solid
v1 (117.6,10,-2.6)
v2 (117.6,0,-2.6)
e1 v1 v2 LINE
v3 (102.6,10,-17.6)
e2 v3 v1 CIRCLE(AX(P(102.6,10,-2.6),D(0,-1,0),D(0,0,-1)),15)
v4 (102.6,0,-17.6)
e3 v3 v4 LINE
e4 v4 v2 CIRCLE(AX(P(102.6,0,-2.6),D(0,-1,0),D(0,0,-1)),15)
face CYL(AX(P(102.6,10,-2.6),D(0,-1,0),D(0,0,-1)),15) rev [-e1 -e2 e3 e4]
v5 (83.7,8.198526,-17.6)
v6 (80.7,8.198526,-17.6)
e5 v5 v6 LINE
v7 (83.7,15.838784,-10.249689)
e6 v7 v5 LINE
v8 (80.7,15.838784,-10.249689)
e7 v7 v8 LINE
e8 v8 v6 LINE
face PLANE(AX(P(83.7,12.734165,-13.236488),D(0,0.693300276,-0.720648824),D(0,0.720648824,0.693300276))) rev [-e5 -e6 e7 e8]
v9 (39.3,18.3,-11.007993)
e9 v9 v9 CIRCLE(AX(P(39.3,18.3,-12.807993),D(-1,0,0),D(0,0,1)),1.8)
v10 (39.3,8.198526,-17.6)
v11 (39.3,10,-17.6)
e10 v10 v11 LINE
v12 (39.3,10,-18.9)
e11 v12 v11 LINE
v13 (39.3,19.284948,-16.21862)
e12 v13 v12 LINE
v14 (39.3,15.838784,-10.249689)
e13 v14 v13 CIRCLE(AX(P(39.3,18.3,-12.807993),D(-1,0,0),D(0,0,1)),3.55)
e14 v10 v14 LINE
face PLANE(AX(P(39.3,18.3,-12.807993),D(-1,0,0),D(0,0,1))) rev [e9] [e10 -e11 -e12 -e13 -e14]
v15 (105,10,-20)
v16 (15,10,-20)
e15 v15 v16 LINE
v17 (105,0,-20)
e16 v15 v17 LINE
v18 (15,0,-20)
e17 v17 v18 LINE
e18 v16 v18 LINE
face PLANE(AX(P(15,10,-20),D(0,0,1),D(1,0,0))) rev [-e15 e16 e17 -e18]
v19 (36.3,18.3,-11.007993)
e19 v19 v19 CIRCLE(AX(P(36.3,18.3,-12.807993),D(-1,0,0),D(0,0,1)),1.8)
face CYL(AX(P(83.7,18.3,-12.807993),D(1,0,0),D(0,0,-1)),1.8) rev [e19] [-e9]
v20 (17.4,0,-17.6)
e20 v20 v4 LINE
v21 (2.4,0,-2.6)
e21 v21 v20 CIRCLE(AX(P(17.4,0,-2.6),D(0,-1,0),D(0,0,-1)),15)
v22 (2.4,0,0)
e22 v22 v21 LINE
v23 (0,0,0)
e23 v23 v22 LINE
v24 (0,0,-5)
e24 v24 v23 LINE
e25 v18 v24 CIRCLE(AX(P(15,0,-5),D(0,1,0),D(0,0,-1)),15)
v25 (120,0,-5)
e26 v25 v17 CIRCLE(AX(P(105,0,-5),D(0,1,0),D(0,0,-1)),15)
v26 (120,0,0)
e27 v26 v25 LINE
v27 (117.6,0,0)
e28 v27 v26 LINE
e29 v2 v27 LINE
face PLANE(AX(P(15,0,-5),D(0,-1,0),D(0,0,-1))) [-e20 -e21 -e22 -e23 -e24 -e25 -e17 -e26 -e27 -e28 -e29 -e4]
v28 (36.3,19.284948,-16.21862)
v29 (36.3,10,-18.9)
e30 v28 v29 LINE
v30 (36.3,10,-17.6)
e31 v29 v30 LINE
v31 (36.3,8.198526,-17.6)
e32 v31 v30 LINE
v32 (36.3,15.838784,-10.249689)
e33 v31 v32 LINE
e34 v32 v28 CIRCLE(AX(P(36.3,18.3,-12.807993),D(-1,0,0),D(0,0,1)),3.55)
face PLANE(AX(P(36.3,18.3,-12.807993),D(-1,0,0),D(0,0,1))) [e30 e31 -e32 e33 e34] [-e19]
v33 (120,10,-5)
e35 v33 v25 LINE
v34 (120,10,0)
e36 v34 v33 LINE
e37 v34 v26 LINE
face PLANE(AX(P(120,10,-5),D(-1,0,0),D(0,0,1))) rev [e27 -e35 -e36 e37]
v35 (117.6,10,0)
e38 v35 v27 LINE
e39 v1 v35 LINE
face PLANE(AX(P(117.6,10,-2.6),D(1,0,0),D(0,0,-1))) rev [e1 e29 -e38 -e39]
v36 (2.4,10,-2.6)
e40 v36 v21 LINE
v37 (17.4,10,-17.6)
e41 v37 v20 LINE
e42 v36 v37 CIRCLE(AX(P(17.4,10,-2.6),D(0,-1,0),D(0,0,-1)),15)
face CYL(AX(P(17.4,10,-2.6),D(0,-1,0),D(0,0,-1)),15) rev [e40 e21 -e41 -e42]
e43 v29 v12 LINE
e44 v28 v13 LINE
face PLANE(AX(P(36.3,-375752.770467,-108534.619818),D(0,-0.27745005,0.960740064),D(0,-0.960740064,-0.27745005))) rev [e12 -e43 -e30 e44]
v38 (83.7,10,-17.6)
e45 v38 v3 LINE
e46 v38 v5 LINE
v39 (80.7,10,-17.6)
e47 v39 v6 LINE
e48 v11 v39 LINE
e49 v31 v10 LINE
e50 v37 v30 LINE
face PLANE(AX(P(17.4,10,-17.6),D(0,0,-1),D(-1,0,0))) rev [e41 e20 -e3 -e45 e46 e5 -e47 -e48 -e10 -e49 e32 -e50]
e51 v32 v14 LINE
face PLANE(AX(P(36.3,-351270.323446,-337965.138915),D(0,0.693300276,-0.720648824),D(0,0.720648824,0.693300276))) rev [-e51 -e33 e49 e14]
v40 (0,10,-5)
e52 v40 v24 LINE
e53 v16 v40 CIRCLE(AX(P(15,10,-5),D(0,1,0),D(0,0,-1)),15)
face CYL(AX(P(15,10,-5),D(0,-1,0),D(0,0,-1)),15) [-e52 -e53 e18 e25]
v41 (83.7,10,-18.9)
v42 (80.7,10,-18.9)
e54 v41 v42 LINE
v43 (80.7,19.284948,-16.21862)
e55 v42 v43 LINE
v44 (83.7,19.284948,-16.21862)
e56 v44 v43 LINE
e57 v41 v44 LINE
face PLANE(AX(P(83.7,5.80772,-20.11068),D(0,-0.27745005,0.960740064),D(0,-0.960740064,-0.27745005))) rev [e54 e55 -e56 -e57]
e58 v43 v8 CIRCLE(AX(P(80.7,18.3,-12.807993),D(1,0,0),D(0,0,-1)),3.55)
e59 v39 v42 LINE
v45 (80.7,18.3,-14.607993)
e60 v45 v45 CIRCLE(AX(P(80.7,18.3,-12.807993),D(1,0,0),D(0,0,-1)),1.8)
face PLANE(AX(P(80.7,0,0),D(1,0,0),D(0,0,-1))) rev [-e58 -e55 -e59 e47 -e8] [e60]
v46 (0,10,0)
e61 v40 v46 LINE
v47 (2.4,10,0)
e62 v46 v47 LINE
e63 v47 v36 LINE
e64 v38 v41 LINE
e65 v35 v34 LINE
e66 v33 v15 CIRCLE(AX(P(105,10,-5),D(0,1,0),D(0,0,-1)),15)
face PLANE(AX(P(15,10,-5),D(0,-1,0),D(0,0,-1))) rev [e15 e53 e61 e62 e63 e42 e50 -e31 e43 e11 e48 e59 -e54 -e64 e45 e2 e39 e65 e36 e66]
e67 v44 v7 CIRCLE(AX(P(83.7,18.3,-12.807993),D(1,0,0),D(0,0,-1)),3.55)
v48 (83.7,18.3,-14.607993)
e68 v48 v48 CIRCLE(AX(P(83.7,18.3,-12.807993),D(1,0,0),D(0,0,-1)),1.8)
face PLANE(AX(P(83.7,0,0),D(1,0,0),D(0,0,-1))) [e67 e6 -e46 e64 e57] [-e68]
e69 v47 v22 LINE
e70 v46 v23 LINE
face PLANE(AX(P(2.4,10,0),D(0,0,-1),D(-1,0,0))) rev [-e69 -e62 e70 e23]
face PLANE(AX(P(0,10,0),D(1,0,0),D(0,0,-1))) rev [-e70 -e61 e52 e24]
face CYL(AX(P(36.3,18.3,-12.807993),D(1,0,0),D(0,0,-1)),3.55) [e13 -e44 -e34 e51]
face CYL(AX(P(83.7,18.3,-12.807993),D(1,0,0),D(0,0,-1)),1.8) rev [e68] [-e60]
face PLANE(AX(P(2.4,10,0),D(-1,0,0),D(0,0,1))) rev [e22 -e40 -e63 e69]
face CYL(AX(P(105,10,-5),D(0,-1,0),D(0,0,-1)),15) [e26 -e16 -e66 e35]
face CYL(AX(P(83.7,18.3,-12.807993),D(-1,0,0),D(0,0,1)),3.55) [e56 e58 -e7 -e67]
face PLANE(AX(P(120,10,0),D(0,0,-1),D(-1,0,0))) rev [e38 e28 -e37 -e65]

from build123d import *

# Parameters (mm, degrees)
BOSS_EXTRUDE1_DEPTH  = 10
SKETCH2_R            = 3.55
SKETCH2_R_2          = 1.75
BOSS_EXTRUDE2_DEPTH  = 3
BOSS_EXTRUDE3_START  = -44.4
SKETCH2_3_R          = 3.55
SKETCH2_3_R_2        = 1.75
BOSS_EXTRUDE3_DEPTH  = 3
M3_CLEARANCE_HOLE1_D = 3.6


with BuildPart() as part:
    # Sketch1 → Boss-Extrude1 (new body)
    with BuildSketch(Plane(origin=(0, 0, 0), x_dir=(1, 0, 0), z_dir=(0, 1, 0))):
        with BuildLine():
            Line((0, 0), (0, 5))
            ThreePointArc((0, 5), (4.393398282, 15.606601718), (15, 20))
            Line((15, 20), (105, 20))
            ThreePointArc((105, 20), (115.606601718, 15.606601718), (120, 5))
            Line((120, 5), (120, 0))
            Line((120, 0), (117.6, 0))
            Line((117.6, 0), (117.6, 2.6))
            ThreePointArc((117.6, 2.6), (113.206601718, 13.206601718), (102.6, 17.6))
            Line((102.6, 17.6), (17.4, 17.6))
            ThreePointArc((17.4, 17.6), (6.793398282, 13.206601718), (2.4, 2.6))
            Line((2.4, 2.6), (2.4, 0))
            Line((2.4, 0), (0, 0))
        make_face()
    extrude(amount=BOSS_EXTRUDE1_DEPTH)

    # Sketch2 → Boss-Extrude2 (add)
    # profile 1 of 3: a face of its own
    with BuildSketch(Plane(origin=(80.7, 0, 0), x_dir=(0, 0, -1), z_dir=(1, 0, 0))):
        with BuildLine():
            Line((17.6, 10), (18.9, 10))
            Line((18.9, 10), (16.218619991, 19.284947678))
            ThreePointArc((16.218619991, 19.284947678), (16.32297688, 18.797379809), (16.357992766, 18.3))
            ThreePointArc((16.357992766, 18.3), (14.134741273, 15.007244558), (10.249689442, 15.838784019))
            Line((10.249689442, 15.838784019), (17.6, 8.19852649))
            Line((17.6, 8.19852649), (17.6, 10))
        make_face()
    # profile 2 of 3: a face of its own
    with BuildSketch(Plane(origin=(80.7, 0, 0), x_dir=(0, 0, -1), z_dir=(1, 0, 0))):
        with Locations((12.807992766, 18.3)):
            Circle(SKETCH2_R)
        with Locations((12.807992766, 18.3)):
            Circle(SKETCH2_R_2, mode=Mode.SUBTRACT)
    # profile 3 of 3: a face of its own
    with BuildSketch(Plane(origin=(80.7, 0, 0), x_dir=(0, 0, -1), z_dir=(1, 0, 0))):
        with Locations((12.807992766, 18.3)):
            Circle(SKETCH2_R_2)
    extrude(amount=BOSS_EXTRUDE2_DEPTH)

    # Sketch2<3> → Boss-Extrude3 (add)
    with BuildSketch(Plane(origin=(80.7, 0, 0), x_dir=(0, 0, -1), z_dir=(1, 0, 0)).offset(BOSS_EXTRUDE3_START)):
        with BuildLine():
            Line((17.6, 10), (18.9, 10))
            Line((18.9, 10), (16.218619991, 19.284947678))
            ThreePointArc((16.218619991, 19.284947678), (16.32297688, 18.797379809), (16.357992766, 18.3))
            ThreePointArc((16.357992766, 18.3), (14.134741273, 15.007244558), (10.249689442, 15.838784019))
            Line((10.249689442, 15.838784019), (17.6, 8.19852649))
            Line((17.6, 8.19852649), (17.6, 10))
        make_face()
        with Locations((12.807992766, 18.3)):
            Circle(SKETCH2_3_R)
        with Locations((12.807992766, 18.3)):
            Circle(SKETCH2_3_R_2)
    extrude(amount=BOSS_EXTRUDE3_DEPTH)

    # M3 Clearance Hole1 (through all)
    with Locations(Plane(origin=(83.7, 0, 0), x_dir=(0, 0, -1), z_dir=(1, 0, 0))):
        with Locations((12.807992766, 18.3)):
            Hole(M3_CLEARANCE_HOLE1_D / 2)


solid = part.part
